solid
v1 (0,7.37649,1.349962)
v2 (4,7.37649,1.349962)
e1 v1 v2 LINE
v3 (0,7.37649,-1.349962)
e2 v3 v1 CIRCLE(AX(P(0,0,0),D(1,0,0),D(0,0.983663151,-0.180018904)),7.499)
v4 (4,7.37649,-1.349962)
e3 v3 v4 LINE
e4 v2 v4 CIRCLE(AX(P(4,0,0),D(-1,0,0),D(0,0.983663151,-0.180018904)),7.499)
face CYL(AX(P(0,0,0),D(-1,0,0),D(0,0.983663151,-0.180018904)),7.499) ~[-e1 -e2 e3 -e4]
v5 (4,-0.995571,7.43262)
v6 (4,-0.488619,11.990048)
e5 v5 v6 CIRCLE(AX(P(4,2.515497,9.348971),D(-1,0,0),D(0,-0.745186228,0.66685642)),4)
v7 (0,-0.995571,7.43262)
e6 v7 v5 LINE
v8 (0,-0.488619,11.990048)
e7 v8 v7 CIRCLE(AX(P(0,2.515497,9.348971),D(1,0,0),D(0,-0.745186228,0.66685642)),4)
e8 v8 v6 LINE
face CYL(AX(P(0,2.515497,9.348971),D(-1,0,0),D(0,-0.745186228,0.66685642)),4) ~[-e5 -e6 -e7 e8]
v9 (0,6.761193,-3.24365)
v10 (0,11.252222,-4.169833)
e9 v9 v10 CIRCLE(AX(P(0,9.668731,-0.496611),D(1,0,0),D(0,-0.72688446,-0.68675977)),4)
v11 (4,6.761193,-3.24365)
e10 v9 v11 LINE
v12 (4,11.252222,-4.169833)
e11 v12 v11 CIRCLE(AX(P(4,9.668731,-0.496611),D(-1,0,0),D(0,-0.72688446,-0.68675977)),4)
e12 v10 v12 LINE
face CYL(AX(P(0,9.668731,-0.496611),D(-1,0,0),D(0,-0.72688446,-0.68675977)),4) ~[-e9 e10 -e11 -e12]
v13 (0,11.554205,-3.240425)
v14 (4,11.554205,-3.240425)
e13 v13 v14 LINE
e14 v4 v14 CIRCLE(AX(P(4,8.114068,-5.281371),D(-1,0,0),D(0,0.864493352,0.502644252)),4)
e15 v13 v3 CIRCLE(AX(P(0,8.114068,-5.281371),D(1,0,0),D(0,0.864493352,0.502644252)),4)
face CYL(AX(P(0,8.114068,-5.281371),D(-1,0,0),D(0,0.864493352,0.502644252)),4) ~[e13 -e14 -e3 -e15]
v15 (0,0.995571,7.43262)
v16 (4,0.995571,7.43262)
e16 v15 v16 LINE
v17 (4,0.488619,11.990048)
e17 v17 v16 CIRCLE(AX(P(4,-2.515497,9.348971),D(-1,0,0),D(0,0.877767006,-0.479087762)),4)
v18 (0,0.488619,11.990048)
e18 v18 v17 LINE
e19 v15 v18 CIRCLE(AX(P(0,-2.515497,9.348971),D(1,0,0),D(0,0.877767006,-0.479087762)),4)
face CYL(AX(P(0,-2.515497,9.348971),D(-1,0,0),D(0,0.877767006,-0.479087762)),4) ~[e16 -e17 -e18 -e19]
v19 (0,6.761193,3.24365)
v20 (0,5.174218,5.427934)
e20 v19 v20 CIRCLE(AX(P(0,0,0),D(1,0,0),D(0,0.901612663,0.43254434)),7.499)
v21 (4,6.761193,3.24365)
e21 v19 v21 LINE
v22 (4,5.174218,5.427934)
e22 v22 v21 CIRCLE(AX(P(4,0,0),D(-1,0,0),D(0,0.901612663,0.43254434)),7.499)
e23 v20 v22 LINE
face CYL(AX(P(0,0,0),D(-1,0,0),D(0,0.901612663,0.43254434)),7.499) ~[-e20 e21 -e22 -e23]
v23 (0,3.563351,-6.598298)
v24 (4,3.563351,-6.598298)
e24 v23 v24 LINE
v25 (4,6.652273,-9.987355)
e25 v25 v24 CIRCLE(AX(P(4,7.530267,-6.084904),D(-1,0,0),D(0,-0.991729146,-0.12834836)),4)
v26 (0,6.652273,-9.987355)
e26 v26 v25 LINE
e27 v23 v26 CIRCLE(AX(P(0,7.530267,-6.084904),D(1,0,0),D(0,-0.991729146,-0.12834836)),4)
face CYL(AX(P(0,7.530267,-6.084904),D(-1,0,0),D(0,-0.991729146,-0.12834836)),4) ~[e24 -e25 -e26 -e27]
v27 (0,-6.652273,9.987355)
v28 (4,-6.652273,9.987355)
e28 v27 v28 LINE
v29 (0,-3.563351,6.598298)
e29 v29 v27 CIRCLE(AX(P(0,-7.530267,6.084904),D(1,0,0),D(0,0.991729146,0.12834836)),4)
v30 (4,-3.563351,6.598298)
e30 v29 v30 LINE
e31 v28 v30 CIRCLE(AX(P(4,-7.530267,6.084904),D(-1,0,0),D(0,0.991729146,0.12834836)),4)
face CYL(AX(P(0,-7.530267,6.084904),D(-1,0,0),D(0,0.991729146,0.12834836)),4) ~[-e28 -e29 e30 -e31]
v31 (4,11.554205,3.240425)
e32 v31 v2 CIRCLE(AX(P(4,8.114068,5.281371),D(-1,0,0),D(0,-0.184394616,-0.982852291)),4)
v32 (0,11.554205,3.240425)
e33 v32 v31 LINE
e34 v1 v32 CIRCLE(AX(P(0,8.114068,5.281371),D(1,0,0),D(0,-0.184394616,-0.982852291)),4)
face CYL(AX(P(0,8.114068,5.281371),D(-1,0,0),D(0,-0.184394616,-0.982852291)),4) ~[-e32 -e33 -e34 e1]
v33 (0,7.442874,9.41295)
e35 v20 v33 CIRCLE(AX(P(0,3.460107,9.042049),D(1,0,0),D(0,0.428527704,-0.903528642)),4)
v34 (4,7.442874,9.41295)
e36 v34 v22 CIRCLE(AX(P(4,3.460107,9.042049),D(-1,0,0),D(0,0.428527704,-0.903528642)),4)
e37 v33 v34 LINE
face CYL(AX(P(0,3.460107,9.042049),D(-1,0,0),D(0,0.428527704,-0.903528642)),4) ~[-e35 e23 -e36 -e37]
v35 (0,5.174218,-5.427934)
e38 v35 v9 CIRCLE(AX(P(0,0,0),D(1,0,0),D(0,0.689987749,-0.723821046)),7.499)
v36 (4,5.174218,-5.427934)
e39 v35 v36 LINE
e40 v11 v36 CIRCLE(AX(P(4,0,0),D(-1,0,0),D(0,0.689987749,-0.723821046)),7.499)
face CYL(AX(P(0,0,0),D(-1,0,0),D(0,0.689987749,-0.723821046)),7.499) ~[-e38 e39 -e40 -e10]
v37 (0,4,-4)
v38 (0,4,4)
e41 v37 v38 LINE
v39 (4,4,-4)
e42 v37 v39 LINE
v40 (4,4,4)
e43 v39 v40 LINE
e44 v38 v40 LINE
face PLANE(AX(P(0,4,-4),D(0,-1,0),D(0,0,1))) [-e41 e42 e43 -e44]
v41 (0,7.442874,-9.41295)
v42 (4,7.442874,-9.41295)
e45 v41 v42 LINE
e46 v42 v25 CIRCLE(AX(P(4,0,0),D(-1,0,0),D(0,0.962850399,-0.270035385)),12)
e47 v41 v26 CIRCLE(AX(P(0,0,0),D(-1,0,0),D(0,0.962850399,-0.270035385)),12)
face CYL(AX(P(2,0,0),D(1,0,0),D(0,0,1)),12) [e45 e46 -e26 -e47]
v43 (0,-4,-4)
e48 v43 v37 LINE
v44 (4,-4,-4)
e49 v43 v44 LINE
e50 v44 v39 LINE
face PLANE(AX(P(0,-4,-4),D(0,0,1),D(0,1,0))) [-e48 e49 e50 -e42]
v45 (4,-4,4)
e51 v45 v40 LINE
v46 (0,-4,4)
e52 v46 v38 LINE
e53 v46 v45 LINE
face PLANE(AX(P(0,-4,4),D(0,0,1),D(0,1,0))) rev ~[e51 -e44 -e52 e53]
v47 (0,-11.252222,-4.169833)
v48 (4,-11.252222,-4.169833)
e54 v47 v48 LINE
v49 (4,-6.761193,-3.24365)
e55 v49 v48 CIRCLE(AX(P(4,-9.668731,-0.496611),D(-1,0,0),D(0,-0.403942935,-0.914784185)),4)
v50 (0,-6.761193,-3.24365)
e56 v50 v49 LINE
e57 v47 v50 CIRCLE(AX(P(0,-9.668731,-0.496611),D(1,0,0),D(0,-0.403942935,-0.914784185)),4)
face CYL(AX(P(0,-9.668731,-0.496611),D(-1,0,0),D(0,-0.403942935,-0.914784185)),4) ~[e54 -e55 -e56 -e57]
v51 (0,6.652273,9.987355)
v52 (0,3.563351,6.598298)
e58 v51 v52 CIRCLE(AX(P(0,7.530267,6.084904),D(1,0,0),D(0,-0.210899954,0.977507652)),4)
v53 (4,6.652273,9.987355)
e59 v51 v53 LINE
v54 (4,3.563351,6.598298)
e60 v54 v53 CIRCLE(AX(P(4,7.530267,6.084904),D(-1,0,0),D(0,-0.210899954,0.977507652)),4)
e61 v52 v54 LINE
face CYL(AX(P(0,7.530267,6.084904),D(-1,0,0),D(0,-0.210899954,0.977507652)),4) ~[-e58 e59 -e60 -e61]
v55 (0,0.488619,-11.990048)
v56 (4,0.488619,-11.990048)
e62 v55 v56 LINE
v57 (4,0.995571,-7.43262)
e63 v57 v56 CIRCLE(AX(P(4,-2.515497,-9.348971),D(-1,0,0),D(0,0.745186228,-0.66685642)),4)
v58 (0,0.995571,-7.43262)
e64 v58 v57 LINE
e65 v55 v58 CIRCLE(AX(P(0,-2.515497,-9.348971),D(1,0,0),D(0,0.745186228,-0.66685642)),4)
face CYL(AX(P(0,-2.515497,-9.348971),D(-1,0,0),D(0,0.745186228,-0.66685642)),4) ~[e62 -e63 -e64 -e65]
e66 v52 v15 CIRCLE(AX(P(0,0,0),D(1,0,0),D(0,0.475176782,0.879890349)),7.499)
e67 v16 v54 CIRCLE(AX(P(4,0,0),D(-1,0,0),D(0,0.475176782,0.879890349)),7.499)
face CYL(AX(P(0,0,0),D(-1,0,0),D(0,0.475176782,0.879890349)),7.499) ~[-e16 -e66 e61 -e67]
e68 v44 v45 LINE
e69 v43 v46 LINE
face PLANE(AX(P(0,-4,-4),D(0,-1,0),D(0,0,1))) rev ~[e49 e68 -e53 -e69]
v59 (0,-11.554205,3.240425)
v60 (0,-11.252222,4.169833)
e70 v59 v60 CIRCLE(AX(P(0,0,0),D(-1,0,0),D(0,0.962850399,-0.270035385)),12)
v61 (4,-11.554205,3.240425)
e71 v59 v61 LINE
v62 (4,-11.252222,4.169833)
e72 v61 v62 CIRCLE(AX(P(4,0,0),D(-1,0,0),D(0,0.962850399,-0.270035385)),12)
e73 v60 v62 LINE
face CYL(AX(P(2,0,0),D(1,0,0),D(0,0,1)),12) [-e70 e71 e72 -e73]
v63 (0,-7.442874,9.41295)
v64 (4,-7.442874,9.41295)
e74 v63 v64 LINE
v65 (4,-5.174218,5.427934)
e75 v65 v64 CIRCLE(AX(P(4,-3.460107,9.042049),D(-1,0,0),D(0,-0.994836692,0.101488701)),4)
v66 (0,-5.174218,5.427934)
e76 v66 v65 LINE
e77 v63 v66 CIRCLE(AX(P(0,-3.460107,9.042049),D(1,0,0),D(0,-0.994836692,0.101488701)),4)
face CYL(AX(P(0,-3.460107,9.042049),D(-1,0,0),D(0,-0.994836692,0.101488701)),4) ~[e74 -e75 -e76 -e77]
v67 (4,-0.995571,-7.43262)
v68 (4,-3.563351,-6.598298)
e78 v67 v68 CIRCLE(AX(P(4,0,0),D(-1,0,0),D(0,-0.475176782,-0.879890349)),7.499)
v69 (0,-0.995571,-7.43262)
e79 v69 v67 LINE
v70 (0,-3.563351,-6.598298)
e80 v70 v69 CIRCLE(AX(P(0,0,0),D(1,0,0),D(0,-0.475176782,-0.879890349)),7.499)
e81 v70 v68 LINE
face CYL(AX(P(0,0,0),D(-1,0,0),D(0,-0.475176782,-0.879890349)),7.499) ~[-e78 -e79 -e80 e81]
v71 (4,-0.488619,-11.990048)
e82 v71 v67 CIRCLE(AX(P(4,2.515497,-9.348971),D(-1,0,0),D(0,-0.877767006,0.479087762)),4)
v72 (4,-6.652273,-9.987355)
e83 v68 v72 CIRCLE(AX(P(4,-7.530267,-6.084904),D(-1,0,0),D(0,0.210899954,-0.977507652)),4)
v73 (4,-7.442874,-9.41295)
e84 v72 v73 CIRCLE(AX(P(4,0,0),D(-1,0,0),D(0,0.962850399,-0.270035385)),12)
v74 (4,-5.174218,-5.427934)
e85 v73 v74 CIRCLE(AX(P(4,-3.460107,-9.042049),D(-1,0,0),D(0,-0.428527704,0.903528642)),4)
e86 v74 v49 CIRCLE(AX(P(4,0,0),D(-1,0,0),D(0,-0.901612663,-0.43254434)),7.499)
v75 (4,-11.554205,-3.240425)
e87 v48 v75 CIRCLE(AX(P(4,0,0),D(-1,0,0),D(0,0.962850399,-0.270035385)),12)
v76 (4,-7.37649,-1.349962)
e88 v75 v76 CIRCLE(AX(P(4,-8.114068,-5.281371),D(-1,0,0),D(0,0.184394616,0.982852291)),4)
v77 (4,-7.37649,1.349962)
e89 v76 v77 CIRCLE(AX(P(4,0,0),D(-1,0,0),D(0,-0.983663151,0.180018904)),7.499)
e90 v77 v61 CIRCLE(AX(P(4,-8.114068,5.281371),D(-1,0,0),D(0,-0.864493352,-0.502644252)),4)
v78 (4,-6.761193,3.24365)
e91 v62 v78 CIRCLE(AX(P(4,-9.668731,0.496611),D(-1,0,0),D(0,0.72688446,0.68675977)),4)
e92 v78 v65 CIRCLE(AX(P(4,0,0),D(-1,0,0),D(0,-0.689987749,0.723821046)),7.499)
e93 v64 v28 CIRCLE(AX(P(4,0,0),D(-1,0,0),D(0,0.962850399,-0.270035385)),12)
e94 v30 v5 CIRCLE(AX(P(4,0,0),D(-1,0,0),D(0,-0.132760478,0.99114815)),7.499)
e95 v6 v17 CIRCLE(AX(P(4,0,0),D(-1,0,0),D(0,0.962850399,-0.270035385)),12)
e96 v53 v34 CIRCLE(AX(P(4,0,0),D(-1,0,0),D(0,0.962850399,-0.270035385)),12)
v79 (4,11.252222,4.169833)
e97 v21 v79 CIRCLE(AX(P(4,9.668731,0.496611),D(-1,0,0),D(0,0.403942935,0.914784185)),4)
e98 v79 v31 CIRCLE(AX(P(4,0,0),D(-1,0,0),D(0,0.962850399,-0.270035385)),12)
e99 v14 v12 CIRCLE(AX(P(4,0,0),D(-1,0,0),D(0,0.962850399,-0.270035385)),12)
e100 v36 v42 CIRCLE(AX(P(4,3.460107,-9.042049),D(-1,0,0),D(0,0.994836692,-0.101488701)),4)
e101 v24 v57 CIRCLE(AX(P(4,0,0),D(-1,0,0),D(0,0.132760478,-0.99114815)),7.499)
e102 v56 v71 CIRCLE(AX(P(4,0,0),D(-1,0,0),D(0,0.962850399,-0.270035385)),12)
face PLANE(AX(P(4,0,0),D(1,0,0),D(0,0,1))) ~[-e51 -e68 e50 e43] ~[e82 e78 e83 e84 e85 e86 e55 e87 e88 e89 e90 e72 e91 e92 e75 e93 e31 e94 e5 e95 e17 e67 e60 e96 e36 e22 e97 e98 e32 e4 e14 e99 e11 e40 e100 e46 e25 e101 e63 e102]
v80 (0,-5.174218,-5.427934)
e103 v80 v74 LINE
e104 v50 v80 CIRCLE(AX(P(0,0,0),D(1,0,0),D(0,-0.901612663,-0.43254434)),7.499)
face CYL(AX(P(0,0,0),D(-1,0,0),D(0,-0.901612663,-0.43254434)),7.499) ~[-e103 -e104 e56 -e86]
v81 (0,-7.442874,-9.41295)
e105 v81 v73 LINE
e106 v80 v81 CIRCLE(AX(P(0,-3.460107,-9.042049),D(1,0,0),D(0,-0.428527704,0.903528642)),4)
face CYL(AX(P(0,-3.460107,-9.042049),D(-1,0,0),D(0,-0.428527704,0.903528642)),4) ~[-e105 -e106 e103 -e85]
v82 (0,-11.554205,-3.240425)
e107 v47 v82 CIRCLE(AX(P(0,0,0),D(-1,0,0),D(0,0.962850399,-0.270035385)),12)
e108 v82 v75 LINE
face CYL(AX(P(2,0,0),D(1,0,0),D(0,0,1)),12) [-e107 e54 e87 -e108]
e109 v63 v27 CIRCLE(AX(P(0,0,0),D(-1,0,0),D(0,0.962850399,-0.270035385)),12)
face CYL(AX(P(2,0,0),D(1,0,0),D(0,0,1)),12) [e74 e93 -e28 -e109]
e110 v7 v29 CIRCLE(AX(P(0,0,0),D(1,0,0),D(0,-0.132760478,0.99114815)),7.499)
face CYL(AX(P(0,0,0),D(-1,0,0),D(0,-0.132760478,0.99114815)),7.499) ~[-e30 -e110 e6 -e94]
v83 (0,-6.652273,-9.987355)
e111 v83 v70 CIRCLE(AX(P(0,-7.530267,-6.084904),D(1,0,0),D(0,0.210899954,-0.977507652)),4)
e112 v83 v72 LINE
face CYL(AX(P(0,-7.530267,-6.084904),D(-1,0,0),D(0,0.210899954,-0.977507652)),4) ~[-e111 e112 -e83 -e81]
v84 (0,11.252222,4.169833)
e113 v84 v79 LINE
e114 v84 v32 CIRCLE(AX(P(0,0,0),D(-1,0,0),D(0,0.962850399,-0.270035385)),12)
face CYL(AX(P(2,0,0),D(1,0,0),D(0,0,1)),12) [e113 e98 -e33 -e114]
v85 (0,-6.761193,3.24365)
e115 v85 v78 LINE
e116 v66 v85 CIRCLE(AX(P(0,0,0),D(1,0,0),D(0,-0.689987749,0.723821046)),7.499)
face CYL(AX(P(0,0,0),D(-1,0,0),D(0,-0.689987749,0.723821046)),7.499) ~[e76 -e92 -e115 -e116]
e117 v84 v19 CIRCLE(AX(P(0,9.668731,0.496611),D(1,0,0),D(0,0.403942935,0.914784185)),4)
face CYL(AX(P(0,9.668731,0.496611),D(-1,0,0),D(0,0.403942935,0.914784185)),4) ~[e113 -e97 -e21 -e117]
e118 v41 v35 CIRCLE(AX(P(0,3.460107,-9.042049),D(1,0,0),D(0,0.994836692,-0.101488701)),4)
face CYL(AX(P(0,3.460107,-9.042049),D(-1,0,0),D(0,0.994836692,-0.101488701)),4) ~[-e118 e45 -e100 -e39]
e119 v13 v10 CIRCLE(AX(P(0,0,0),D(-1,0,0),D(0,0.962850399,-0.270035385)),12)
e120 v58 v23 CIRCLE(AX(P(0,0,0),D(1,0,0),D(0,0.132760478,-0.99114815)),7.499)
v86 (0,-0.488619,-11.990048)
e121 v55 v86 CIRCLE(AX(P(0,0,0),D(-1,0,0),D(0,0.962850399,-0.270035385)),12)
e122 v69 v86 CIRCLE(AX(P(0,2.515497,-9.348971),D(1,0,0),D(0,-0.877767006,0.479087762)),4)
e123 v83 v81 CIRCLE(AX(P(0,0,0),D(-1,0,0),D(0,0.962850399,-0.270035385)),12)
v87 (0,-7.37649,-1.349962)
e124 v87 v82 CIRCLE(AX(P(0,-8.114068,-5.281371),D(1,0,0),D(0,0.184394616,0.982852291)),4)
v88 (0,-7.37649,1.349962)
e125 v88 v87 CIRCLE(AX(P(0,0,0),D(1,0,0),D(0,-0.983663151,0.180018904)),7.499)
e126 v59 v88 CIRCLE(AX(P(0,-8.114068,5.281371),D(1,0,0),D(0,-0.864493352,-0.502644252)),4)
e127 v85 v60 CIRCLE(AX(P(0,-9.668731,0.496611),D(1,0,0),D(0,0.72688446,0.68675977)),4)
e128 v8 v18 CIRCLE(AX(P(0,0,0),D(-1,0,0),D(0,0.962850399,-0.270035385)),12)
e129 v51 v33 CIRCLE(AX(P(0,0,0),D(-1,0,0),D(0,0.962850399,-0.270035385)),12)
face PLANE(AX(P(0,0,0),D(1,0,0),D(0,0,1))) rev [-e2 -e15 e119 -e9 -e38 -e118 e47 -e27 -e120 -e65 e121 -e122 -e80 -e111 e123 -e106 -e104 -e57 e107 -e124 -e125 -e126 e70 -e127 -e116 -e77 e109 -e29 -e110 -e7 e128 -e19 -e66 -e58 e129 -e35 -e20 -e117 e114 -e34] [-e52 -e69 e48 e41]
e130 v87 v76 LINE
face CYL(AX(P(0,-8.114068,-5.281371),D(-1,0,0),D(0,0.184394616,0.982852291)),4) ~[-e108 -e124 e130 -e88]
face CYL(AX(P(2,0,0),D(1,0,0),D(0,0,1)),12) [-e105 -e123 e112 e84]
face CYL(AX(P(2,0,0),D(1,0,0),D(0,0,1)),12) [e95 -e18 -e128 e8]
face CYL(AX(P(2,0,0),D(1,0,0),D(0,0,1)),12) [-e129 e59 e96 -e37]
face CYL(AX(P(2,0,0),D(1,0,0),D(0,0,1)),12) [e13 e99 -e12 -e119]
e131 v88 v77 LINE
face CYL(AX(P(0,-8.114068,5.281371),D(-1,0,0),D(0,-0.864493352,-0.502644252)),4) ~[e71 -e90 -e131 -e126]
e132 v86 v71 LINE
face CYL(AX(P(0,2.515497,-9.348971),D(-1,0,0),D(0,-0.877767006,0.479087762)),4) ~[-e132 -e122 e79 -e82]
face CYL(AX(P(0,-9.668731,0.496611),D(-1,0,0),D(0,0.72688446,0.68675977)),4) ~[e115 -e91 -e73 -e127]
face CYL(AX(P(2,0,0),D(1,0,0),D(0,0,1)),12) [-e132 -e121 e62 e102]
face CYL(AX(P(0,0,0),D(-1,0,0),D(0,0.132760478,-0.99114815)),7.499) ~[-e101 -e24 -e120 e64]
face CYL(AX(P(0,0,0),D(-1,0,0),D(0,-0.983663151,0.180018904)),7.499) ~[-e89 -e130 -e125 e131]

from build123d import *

# Parameters (mm, degrees)
BASPROSKE_W         = 4
BASPROSKE_H         = 12
TOOTHCUT_DEPTH      = 18.435595774
TEETHCUTS_COUNT     = 10
TEETHCUTS_ANGLE     = 324
BORSKE_R            = 1
BORE_DEPTH          = 50.0000508
SKETCH_1_W          = 8
SKETCH_1_H          = 8
CUT_EXTRUDE_2_DEPTH = 18.131831434


with BuildPart() as part:
    # BasProSke → Base-Revolve (revolve)
    with BuildSketch(Plane(origin=(0, 0, 0), x_dir=(1, 0, 0), z_dir=(0, 1, 0))):
        with Locations((2, 6)):
            Rectangle(BASPROSKE_W, BASPROSKE_H)
    revolve(axis=Axis((-10, 0, 0), (1, 0, 0)))

    # TooCutSke → ToothCut (cut, through all)
    with BuildSketch(Plane(origin=(0, 0, 0), x_dir=(0, 0, -1), z_dir=(1, 0, 0))):
        with BuildLine():
            ThreePointArc((1.349961767, 7.376489967), (0, 7.499), (-1.349961767, 7.376489967))
            ThreePointArc((-1.349961767, 7.376489967), (-1.644412889, 9.779161882), (-3.270793922, 11.572041837))
            ThreePointArc((-3.270793922, 11.572041837), (0, 12.0254), (3.270793922, 11.572041837))
            ThreePointArc((3.270793922, 11.572041837), (1.644412889, 9.779161882), (1.349961767, 7.376489967))
        make_face()
    toothcut = extrude(amount=TOOTHCUT_DEPTH, mode=Mode.SUBTRACT)

    # TeethCuts: ToothCut ×10 about axis
    teethcuts_axis = Axis((-10, 0, 0), (1, 0, 0))
    for i in range(1, TEETHCUTS_COUNT):
        add(toothcut.rotate(teethcuts_axis, i * TEETHCUTS_ANGLE / (TEETHCUTS_COUNT - 1)), mode=Mode.SUBTRACT)

    # BorSke → Bore (cut, symmetric)
    with BuildSketch(Plane(origin=(0, 0, 0), x_dir=(0, 0, -1), z_dir=(1, 0, 0))):
        Circle(BORSKE_R)
    extrude(amount=BORE_DEPTH, both=True, mode=Mode.SUBTRACT)

    # 草图1 → 切除-拉伸2 (cut, through all)
    with BuildSketch(Plane.ZY):
        Rectangle(SKETCH_1_W, SKETCH_1_H)
    extrude(amount=-CUT_EXTRUDE_2_DEPTH, mode=Mode.SUBTRACT)


solid = part.part
